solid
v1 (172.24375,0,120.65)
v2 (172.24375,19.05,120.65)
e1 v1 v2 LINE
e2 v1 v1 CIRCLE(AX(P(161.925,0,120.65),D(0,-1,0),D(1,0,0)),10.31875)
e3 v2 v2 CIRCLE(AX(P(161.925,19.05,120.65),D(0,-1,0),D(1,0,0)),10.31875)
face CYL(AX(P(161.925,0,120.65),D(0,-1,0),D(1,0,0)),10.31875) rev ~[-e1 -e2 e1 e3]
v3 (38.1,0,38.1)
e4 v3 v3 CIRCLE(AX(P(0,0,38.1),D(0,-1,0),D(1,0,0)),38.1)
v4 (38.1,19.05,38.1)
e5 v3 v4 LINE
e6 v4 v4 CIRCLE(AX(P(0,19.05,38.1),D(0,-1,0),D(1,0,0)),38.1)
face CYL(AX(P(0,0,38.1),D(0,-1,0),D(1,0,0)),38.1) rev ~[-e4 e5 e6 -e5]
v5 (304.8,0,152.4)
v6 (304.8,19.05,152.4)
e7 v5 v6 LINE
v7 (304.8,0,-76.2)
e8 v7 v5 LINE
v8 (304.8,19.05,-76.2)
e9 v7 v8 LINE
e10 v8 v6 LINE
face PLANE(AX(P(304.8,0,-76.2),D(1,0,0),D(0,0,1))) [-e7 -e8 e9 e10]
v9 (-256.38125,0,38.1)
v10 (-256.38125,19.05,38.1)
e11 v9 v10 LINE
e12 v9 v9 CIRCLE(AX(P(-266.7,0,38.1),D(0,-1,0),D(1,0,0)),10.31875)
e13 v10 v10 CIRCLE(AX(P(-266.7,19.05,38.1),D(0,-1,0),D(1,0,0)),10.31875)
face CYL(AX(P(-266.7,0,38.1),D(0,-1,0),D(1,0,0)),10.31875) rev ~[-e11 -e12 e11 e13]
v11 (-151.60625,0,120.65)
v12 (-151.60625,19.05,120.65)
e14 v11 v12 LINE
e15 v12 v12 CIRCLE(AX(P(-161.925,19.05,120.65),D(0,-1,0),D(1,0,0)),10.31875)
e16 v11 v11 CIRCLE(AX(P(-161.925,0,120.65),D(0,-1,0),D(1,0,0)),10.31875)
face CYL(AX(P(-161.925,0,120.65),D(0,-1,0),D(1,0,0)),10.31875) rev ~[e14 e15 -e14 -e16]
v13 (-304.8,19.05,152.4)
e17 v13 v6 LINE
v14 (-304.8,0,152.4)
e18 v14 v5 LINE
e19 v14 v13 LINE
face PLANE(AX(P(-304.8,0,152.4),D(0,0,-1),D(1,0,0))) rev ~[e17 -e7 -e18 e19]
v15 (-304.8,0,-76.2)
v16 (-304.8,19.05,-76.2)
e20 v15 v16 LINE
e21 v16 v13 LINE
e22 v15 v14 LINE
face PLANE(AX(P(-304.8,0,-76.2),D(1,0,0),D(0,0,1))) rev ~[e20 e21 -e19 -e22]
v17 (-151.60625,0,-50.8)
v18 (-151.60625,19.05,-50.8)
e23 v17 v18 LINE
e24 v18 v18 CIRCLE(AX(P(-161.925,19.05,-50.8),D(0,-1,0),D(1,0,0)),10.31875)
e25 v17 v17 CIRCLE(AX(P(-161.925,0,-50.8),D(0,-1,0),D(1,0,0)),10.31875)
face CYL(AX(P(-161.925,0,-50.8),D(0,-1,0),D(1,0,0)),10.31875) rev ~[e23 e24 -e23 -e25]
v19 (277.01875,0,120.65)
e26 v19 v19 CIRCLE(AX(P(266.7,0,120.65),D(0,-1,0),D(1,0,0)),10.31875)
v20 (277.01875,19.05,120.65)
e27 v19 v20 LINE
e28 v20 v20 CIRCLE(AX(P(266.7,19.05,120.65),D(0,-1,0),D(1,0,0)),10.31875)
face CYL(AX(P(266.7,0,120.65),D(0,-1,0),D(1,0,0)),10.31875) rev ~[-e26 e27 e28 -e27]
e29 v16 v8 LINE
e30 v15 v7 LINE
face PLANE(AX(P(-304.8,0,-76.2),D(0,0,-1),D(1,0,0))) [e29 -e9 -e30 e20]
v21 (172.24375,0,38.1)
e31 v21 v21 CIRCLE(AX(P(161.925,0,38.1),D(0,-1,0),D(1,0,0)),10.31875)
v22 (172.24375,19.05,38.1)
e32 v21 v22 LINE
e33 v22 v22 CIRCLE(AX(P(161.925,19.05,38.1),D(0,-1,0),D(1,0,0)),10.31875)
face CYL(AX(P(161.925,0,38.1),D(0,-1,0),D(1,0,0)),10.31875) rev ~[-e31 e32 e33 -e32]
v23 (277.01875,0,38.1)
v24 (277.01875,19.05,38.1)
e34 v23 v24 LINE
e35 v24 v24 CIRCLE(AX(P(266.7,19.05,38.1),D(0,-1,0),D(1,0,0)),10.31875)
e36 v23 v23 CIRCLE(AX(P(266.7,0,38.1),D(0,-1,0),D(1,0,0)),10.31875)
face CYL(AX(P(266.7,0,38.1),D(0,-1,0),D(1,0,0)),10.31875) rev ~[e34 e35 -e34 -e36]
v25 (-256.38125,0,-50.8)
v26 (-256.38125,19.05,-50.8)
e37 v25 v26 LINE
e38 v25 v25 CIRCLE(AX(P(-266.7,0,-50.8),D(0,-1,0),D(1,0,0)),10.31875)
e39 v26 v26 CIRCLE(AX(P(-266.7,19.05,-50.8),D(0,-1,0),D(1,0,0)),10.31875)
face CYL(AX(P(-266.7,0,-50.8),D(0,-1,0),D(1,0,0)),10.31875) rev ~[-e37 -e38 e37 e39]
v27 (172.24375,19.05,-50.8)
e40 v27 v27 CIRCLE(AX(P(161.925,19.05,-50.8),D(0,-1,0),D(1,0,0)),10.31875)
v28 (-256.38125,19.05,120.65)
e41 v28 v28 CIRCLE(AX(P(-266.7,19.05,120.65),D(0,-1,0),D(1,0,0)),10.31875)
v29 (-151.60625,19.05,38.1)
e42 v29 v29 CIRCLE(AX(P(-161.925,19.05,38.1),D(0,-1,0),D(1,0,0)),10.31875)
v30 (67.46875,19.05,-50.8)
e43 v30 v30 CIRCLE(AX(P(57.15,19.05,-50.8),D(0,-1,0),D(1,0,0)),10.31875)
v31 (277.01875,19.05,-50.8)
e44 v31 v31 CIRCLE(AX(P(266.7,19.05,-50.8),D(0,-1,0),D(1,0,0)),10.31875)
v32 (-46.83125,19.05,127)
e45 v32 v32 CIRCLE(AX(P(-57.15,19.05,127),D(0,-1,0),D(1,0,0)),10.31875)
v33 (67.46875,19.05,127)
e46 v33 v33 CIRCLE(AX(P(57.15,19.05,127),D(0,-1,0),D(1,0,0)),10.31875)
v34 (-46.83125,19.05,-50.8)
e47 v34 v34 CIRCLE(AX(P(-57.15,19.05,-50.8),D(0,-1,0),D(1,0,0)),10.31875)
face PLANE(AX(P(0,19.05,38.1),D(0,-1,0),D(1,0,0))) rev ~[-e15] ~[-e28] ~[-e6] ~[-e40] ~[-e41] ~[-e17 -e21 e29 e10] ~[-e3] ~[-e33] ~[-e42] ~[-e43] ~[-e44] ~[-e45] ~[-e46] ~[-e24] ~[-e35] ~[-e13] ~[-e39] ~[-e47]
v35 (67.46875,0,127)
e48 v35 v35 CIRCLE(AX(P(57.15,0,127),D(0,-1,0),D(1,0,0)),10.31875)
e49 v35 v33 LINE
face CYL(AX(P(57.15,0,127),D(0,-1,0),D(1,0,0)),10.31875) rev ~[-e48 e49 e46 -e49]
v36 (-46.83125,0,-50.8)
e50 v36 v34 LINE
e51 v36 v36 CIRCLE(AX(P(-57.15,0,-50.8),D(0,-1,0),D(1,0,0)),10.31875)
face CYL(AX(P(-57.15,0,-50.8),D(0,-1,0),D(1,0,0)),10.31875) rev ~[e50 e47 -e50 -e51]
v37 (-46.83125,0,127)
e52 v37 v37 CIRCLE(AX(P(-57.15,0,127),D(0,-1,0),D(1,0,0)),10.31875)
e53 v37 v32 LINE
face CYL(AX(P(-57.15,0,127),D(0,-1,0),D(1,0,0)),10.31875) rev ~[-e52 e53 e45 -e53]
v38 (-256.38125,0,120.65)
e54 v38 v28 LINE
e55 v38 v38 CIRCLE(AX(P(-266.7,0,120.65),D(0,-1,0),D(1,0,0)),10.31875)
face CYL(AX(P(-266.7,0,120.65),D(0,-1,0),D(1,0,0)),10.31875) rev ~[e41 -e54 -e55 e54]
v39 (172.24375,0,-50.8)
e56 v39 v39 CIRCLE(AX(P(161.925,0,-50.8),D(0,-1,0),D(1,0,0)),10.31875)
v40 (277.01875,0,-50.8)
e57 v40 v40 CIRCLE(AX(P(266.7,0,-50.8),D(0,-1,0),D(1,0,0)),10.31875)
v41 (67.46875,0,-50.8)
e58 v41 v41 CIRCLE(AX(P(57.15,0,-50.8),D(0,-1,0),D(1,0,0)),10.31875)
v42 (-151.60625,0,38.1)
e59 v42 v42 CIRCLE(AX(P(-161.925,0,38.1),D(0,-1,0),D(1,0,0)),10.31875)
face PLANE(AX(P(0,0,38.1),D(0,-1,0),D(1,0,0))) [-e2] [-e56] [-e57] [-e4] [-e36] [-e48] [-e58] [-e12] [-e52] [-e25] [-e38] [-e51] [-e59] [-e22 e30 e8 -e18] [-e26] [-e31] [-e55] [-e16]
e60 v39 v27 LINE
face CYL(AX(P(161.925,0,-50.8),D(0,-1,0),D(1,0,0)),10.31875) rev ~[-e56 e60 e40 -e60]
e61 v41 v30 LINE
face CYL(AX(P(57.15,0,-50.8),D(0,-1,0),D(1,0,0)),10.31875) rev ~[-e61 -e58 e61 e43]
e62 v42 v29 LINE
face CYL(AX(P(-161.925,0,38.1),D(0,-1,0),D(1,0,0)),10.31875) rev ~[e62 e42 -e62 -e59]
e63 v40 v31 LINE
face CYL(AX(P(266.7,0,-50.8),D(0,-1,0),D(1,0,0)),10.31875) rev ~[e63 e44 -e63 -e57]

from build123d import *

# Parameters (mm, degrees)
F0_W     = 609.6
F0_H     = 228.6
F0_R     = 10.31875
F0_R_2   = 57.15
F0_R_3   = 38.1
F1_DEPTH = 19.05


with BuildPart() as f1:
    # F0 (on Front) → F1 (new body)
    with BuildSketch(Plane.XZ):
        with Locations((0, 38.1)):
            Rectangle(F0_W, F0_H)
        with Locations((-266.7, -50.8)):
            Circle(F0_R, mode=Mode.SUBTRACT)
        with Locations((-161.925, -50.8)):
            Circle(F0_R, mode=Mode.SUBTRACT)
        with Locations((-57.15, -50.8)):
            Circle(F0_R, mode=Mode.SUBTRACT)
        with Locations((57.15, -50.8)):
            Circle(F0_R, mode=Mode.SUBTRACT)
        with Locations((161.925, -50.8)):
            Circle(F0_R, mode=Mode.SUBTRACT)
        with Locations((266.7, -50.8)):
            Circle(F0_R, mode=Mode.SUBTRACT)
        with Locations((-266.7, 38.1)):
            Circle(F0_R, mode=Mode.SUBTRACT)
        with Locations((-161.925, 38.1)):
            Circle(F0_R, mode=Mode.SUBTRACT)
        with Locations((-266.7, 120.65)):
            Circle(F0_R, mode=Mode.SUBTRACT)
        with Locations((-161.925, 120.65)):
            Circle(F0_R, mode=Mode.SUBTRACT)
        with Locations((-57.15, 127)):
            Circle(F0_R, mode=Mode.SUBTRACT)
        with Locations((0, 38.1)):
            Circle(F0_R_2, mode=Mode.SUBTRACT)
        with Locations((161.925, 38.1)):
            Circle(F0_R, mode=Mode.SUBTRACT)
        with Locations((266.7, 38.1)):
            Circle(F0_R, mode=Mode.SUBTRACT)
        with Locations((57.15, 127)):
            Circle(F0_R, mode=Mode.SUBTRACT)
        with Locations((161.925, 120.65)):
            Circle(F0_R, mode=Mode.SUBTRACT)
        with Locations((266.7, 120.65)):
            Circle(F0_R, mode=Mode.SUBTRACT)
        with Locations((0, 38.1)):
            Circle(F0_R_2)
        with Locations((0, 38.1)):
            Circle(F0_R_3, mode=Mode.SUBTRACT)
    extrude(amount=-F1_DEPTH)


solid = f1.part
